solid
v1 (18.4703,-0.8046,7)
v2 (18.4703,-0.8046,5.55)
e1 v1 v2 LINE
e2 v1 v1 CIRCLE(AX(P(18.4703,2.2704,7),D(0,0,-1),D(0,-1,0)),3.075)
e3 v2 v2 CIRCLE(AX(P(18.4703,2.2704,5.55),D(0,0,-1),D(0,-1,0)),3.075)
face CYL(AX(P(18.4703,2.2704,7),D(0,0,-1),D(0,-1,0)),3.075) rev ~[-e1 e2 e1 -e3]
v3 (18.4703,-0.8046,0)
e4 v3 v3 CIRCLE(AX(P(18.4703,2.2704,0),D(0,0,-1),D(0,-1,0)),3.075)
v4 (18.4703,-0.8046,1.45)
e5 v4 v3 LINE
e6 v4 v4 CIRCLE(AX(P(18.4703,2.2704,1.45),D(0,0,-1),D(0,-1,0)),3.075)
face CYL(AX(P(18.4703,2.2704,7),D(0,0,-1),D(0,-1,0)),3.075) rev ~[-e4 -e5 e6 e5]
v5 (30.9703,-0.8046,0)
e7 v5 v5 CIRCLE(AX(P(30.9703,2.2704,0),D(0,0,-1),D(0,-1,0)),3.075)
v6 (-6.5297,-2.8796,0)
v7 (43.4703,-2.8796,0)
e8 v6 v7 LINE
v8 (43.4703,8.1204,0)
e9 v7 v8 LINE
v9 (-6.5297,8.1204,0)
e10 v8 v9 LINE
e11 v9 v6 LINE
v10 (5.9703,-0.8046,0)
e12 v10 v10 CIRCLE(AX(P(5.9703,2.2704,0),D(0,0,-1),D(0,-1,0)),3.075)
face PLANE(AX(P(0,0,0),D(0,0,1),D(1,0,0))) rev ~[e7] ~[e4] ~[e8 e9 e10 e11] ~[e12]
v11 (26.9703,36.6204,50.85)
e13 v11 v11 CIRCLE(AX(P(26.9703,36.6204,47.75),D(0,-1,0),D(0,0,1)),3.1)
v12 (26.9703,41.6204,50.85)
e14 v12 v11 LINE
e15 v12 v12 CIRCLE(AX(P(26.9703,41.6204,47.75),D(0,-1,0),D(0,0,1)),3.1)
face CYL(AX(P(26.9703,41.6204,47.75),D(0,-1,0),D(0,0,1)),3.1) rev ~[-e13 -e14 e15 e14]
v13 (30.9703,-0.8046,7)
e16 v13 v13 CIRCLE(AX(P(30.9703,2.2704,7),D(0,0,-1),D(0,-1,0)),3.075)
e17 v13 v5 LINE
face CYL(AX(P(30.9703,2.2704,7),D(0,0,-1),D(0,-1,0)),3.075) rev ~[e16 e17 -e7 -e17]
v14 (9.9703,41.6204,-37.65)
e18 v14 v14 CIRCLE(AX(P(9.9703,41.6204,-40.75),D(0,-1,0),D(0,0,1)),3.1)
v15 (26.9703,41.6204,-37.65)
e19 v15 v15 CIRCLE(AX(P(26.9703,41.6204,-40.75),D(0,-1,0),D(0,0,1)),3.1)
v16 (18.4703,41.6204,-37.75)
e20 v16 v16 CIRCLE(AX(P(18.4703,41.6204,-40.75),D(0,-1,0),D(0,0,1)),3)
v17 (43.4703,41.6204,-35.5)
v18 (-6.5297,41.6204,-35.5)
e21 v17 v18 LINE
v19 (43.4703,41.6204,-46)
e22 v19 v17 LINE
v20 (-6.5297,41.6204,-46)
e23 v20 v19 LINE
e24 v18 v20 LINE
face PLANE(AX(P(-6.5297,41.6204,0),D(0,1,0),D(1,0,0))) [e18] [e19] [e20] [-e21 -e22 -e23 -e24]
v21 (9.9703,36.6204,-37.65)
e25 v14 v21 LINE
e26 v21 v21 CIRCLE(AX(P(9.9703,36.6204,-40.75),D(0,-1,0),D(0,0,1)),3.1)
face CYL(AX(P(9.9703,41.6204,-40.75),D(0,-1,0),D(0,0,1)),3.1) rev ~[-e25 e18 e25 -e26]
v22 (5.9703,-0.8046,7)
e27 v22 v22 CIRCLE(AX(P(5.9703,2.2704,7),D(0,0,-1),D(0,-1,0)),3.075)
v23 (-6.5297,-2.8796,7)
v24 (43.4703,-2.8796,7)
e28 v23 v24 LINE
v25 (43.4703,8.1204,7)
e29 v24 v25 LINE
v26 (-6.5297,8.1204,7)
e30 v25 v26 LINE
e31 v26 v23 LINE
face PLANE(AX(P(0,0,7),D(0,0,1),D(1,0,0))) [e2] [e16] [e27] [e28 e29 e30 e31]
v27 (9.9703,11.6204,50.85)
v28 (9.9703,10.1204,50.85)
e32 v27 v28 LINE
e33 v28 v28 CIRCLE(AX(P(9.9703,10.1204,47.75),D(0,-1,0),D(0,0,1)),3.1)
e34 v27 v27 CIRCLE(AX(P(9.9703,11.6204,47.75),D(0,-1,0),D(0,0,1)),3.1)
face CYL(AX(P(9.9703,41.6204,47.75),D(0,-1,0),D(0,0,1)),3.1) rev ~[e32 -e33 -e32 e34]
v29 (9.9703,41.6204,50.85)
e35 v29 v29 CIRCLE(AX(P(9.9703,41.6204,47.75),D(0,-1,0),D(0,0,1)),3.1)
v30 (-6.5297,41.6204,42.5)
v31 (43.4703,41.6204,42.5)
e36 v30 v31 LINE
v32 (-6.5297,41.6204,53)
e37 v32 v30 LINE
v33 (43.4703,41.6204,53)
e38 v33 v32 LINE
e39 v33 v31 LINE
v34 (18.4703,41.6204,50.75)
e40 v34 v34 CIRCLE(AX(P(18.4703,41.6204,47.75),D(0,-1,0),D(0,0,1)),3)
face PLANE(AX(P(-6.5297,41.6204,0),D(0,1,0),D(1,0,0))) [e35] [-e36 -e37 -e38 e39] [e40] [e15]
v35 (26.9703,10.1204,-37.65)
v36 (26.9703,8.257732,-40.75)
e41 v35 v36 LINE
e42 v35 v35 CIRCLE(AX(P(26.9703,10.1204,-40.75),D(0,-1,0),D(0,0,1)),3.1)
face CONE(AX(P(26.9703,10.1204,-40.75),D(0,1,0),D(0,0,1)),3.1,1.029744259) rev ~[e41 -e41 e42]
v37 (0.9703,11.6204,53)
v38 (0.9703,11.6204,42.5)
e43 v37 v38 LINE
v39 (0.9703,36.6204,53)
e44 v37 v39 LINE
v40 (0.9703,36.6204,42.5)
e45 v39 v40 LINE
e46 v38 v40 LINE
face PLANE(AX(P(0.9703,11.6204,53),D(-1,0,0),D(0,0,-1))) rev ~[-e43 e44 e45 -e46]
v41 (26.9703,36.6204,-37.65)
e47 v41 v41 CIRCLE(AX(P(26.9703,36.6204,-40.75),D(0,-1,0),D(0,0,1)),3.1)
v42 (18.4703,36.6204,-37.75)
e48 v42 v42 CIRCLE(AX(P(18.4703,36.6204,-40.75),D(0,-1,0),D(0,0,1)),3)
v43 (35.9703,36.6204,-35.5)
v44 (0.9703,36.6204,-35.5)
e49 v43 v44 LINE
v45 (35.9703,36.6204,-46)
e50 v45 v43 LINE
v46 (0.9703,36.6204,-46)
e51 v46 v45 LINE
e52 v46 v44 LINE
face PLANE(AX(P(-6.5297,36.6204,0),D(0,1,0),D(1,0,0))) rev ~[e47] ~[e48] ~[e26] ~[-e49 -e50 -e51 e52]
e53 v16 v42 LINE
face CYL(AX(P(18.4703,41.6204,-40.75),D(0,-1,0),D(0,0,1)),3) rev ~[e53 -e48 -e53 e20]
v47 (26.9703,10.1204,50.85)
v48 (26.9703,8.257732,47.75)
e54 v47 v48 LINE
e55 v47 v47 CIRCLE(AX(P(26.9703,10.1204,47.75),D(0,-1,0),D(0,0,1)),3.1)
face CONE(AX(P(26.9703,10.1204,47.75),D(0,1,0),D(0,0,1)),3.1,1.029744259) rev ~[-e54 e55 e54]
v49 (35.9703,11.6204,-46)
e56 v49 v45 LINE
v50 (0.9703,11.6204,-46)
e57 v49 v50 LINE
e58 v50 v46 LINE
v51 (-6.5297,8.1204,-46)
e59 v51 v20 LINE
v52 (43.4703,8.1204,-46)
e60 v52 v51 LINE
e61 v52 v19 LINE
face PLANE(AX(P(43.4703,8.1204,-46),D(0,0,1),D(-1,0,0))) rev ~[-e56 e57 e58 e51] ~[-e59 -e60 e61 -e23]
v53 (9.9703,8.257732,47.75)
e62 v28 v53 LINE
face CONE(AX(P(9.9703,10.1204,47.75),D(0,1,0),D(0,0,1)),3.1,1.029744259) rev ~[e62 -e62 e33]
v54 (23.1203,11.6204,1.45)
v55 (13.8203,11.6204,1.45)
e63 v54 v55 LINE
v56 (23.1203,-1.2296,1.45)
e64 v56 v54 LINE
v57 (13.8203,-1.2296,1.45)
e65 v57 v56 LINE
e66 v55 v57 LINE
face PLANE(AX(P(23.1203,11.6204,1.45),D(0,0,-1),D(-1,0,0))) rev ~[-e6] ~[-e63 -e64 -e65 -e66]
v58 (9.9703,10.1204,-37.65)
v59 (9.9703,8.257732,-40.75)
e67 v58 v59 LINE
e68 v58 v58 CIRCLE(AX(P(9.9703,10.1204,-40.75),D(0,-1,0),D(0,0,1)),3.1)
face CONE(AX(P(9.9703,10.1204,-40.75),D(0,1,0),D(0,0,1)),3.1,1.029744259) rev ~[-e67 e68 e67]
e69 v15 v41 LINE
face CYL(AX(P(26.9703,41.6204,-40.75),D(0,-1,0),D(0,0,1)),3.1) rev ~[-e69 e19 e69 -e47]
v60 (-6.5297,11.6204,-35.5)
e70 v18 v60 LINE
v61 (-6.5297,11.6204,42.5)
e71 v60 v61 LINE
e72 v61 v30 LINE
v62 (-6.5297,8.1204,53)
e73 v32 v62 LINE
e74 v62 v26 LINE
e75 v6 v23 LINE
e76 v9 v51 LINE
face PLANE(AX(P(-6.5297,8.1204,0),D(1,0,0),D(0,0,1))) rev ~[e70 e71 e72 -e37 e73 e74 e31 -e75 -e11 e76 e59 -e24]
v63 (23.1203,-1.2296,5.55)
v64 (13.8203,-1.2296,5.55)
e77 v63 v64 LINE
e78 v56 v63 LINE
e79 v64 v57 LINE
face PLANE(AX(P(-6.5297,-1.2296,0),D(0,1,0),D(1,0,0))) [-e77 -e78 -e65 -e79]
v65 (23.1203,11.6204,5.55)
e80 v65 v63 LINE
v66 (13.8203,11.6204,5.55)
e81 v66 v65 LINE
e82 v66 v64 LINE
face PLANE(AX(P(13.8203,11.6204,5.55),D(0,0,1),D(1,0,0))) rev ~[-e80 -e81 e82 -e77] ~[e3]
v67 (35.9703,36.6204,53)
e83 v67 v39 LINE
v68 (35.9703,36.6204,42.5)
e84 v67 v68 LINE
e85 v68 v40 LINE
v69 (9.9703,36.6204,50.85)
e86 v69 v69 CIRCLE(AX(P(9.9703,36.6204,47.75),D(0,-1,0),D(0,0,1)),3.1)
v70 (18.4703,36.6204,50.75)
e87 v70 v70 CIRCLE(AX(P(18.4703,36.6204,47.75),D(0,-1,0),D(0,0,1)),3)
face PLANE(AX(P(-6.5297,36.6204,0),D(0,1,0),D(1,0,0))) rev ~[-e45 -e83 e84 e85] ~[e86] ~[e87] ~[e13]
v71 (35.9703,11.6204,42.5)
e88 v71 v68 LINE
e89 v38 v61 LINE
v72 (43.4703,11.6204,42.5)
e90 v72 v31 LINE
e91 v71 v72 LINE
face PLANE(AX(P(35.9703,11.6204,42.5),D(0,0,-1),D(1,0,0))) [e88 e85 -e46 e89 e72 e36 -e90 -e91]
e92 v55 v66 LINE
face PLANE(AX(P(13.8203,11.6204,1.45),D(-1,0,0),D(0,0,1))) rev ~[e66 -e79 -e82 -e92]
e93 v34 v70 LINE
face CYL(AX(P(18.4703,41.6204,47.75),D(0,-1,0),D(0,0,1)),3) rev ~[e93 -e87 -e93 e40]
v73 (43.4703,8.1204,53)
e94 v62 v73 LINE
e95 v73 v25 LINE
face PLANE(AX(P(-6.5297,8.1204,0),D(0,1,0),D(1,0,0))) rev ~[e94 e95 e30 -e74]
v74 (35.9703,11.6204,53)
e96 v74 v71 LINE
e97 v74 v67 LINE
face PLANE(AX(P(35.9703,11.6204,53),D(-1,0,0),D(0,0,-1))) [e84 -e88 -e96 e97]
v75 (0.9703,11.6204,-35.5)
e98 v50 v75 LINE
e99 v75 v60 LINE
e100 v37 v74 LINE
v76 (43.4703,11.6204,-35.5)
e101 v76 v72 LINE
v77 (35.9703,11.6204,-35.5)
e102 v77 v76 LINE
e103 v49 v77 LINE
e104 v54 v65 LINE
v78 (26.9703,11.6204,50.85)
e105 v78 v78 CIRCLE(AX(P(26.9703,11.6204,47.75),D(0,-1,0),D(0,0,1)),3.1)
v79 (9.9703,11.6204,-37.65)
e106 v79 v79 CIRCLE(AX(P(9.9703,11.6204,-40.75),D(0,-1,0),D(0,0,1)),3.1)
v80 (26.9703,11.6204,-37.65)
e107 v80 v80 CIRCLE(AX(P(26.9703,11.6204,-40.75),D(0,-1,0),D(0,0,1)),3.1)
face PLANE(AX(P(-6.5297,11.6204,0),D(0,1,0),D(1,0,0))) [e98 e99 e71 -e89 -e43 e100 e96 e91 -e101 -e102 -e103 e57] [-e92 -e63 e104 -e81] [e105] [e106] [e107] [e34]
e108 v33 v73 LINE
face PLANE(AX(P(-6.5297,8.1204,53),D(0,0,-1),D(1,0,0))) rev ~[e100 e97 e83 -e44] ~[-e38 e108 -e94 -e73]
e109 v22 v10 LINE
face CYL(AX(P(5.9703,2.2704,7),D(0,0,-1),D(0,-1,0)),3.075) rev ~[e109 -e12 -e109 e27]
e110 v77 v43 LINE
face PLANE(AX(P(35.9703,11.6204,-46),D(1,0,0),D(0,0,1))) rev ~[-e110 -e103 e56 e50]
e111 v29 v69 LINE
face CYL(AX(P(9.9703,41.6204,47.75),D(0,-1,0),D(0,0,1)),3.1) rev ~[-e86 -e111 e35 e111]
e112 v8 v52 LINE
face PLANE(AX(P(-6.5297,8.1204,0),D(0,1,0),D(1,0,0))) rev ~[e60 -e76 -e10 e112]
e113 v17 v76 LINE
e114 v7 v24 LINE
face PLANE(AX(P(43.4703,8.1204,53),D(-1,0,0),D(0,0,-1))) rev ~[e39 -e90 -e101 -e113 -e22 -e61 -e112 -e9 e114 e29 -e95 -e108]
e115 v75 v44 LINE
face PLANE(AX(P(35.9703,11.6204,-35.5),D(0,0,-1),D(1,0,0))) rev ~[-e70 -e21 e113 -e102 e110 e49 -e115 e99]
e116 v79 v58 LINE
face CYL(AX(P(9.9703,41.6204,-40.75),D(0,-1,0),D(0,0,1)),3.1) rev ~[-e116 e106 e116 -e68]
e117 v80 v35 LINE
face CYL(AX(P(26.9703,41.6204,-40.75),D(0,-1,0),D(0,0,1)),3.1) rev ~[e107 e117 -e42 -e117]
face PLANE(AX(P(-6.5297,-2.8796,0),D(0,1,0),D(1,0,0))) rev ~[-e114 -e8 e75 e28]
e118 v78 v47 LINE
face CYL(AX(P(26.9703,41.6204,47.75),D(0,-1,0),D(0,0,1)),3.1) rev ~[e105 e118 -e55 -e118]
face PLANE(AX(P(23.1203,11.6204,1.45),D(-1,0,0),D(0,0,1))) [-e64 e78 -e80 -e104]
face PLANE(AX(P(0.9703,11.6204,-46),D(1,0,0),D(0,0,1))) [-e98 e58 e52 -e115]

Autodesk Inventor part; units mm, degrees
ref_plane "YZ Plane" through (0, 0, 0) normal (1, 0, 0) x (0, 1, 0)
ref_plane "XZ Plane" through (0, 0, 0) normal (0, 1, 0) x (-1, 0, 0)
ref_plane "XY Plane" through (0, 0, 0) normal (0, 0, 1) x (1, 0, 0)
sketch "Skizze1" plane through (0, 0, 0) normal (0, 0, 1) x (1, 0, 0)
  line L0 (-6.5297, -2.8796) -> (43.4703, -2.8796)
  line L1 (43.4703, -2.8796) -> (43.4703, 8.1204)
  line L2 (43.4703, 8.1204) -> (-6.5297, 8.1204)
  line L3 (-6.5297, 8.1204) -> (-6.5297, -2.8796)
  point P0 (0, 0)
  dimension "d0" = 50
  dimension "d1" = 11
extrude "Extrusion1" add sketch "Skizze1" along normal blind 7
sketch "Skizze2" plane through (-6.5297, 8.1204, 0) normal (0, 1, 0) x (1, 0, 0)
  line L0 (29.65, -5.55) -> (20.35, -5.55)
  line L1 (20.35, -5.55) -> (20.35, -1.45)
  line L2 (20.35, -1.45) -> (29.65, -1.45)
  line L3 (29.65, -1.45) -> (29.65, -5.55)
  line L4 (50, -7) -> (0, -7) projected
  line L5 (50, 0) -> (50, -7) projected
  line L6 (0, 0) -> (0, -7) projected
  point P0 (6.5297, 0)
  dimension "d4" = 9.3
  dimension "d5" = 4.1
  dimension "d6" = 1.45
  dimension "d7" = 20.35
  dimension "d8" = 20.35
extrude "Extrusion2" cut sketch "Skizze2" against normal blind 9.35
sketch "Skizze3" plane through (0, 0, 7) normal (0, 0, 1) x (1, 0, 0)
  line L0 (-6.5297, 8.1204) -> (-6.5297, -2.8796) projected
  line L1 (43.4703, 8.1204) -> (-6.5297, 8.1204) projected
  point P0 (0, 0)
  point P1 (5.9703, 2.2704)
  point P2 (18.4703, 2.2704)
  point P3 (30.9703, 2.2704)
  dimension "d11" = 12.5
  dimension "d12" = 12.5
  dimension "d13" = 12.5
  dimension "d14" = 5.85
hole "Bohrung1" at (5.9703, 2.2704, 7) at (18.4703, 2.2704, 7) at (30.9703, 2.2704, 7) direction (0, 0, -1) diameter 6.15 end through all
sketch "Skizze4" plane through (-6.5297, 8.1204, 0) normal (0, 1, 0) x (1, 0, 0)
  point P0 (6.5297, 0)
sketch "Skizze5" plane through (-6.5297, 8.1204, 0) normal (0, 1, 0) x (1, 0, 0)
  line L0 (50, 0) -> (0, 0) projected
  line L1 (0, 0) -> (0, -53.0037)
  line L2 (0, -53) -> (50, -53)
  line L3 (50, -53) -> (50, 46)
  line L4 (50, 46) -> (0, 46)
  line L5 (0, 46) -> (0, -53)
  point P0 (6.5297, 0)
  dimension "d22" = 50
  dimension "d23" = 99
  dimension "d24" = 46
extrude "Extrusion3" add sketch "Skizze5" along normal blind 3.5
sketch "Skizze6" plane through (-6.5297, 11.6204, 0) normal (0, 1, 0) x (1, 0, 0)
  line L0 (29.65, -1.45) -> (29.65, -5.55) projected
  line L1 (29.65, -1.45) -> (20.35, -1.45)
  line L2 (20.35, -1.45) -> (20.35, -5.55)
  line L3 (20.35, -5.55) -> (29.65, -5.55)
  line L4 (29.65, -5.55) -> (29.65, -1.45)
  point P0 (6.5297, 0)
extrude "Extrusion4" cut sketch "Skizze6" against normal blind 3.5
sketch "Skizze7" plane through (-6.5297, 11.6204, 0) normal (0, 1, 0) x (1, 0, 0)
  line L0 (0, -53) -> (50, -53) projected
  line L1 (50, -53) -> (42.5, -53)
  line L2 (42.5, -53) -> (42.5, -42.5)
  line L3 (42.5, -42.5) -> (50, -42.5)
  line L4 (50, -42.5) -> (50, -53)
  line L5 (0, -53) -> (7.5, -53)
  line L6 (7.5, -53) -> (7.5, -42.5)
  line L7 (7.5, -42.5) -> (0, -42.5)
  line L8 (0, -42.5) -> (0, -53)
  line L9 (0, 46) -> (0, -53) projected
  line L10 (0, 46) -> (7.5, 46)
  line L11 (7.5, 46) -> (7.5, 35.5)
  line L12 (7.5, 35.5) -> (0, 35.5)
  line L13 (0, 35.5) -> (0, 46)
  line L14 (50, -53) -> (50, 46) projected
  line L15 (50, 46) -> (42.5, 46)
  line L16 (42.5, 46) -> (42.5, 35.5)
  line L17 (42.5, 35.5) -> (50, 35.5)
  line L18 (50, 35.5) -> (50, 46)
  point P0 (6.5297, 0)
  dimension "d29" = 7.5
  dimension "d30" = 10.5
  dimension "d31" = 7.5
  dimension "d32" = 10.5
  dimension "d33" = 7.5
  dimension "d34" = 10.5
  dimension "d35" = 7.5
  dimension "d36" = 10.5
extrude "Extrusion5" add sketch "Skizze7" along normal blind 25
sketch "Skizze8" plane through (0.9703, 11.6204, -35.5) normal (1, 0, 0) x (0, 0, -1)
  point P0 (-35.5, -11.6204)
sketch "Skizze9" plane through (-6.5297, 36.6204, 0) normal (0, 1, 0) x (1, 0, 0)
  line L0 (50, -42.5) -> (50, 35.5) projected
  line L1 (0, 46) -> (50, 46)
  line L2 (50, 46) -> (50, 35.5)
  line L3 (50, 35.5) -> (0, 35.5)
  line L4 (0, 35.5) -> (0, 46)
  line L5 (50, -53) -> (50, -7) projected
  line L6 (0, -42.5) -> (50, -42.5)
  line L7 (50, -42.5) -> (50, -53)
  line L8 (50, -53) -> (0, -53)
  line L9 (0, -53) -> (0, -42.5)
  line L10 (50, -42.5) -> (42.5, -42.5) projected
  point P0 (6.5297, 0)
  dimension "d75" = 0
extrude "Extrusion6" add sketch "Skizze9" along normal blind 5
sketch "Skizze10" plane through (-6.5297, 41.6204, 0) normal (0, 1, 0) x (1, 0, 0)
  line L0 (50, 46) -> (0, 46) projected
  line L1 (0, -53) -> (50, -53) projected
  line L2 (42.5, -42.5) -> (42.5, -53) projected
  line L3 (42.5, 46) -> (42.5, 35.5) projected
  line L4 (7.5, 35.5) -> (7.5, 46) projected
  line L5 (7.5, -53) -> (7.5, -42.5) projected
  point P0 (6.5297, 0)
  point P1 (15.7518, 40.75)
  point P2 (25, 40.75)
  point P3 (33.5, 40.75)
  point P4 (15.6745, -47.75)
  point P5 (25, -47.75)
  point P6 (33.5, -47.75)
  dimension "d41" = 5.25
  dimension "d42" = 5.25
  dimension "d43" = 5.25
  dimension "d44" = 5.25
  dimension "d45" = 5.25
  dimension "d46" = 5.25
  dimension "d47" = 9
  dimension "d50" = 9
  dimension "d76" = 17.5
  dimension "d77" = 17.5
hole "Bohrung2" at (18.4703, 41.6204, 47.75) at (18.4703, 41.6204, -40.75) direction (0, -1, 0) diameter 6 depth 10 tip angle 118
sketch "Skizze11" plane through (-6.5297, 41.6204, 0) normal (0, 1, 0) x (1, 0, 0)
  line L0 (7.5, -53) -> (7.5, -42.5) projected
  line L1 (42.5, -42.5) -> (42.5, -53) projected
  line L2 (50, -42.5) -> (0, -42.5) projected
  line L3 (50, 46) -> (0, 46) projected
  line L4 (42.5, 46) -> (42.5, 35.5) projected
  line L5 (7.5, 35.5) -> (7.5, 46) projected
  point P0 (6.5297, 0)
  point P1 (16.5, -47.75)
  point P2 (33.5, -47.75)
  point P3 (16.5, 40.75)
  point P4 (33.5, 40.75)
  dimension "d60" = 9
  dimension "d61" = 9
  dimension "d62" = 5.25
  dimension "d63" = 5.25
  dimension "d64" = 5.25
  dimension "d65" = 5.25
  dimension "d66" = 9
  dimension "d67" = 9
hole "Bohrung3" at (9.9703, 41.6204, 47.75) at (26.9703, 41.6204, 47.75) at (9.9703, 41.6204, -40.75) at (26.9703, 41.6204, -40.75) direction (0, -1, 0) diameter 6.2 depth 31.5 tip angle 118
sketch "Skizze12" plane through (-6.5297, -2.8796, 0) normal (0, -1, 0) x (1, 0, 0)
  point P0 (6.5297, 0)
properties part number "Objektträgerhalter 1 Neu"
